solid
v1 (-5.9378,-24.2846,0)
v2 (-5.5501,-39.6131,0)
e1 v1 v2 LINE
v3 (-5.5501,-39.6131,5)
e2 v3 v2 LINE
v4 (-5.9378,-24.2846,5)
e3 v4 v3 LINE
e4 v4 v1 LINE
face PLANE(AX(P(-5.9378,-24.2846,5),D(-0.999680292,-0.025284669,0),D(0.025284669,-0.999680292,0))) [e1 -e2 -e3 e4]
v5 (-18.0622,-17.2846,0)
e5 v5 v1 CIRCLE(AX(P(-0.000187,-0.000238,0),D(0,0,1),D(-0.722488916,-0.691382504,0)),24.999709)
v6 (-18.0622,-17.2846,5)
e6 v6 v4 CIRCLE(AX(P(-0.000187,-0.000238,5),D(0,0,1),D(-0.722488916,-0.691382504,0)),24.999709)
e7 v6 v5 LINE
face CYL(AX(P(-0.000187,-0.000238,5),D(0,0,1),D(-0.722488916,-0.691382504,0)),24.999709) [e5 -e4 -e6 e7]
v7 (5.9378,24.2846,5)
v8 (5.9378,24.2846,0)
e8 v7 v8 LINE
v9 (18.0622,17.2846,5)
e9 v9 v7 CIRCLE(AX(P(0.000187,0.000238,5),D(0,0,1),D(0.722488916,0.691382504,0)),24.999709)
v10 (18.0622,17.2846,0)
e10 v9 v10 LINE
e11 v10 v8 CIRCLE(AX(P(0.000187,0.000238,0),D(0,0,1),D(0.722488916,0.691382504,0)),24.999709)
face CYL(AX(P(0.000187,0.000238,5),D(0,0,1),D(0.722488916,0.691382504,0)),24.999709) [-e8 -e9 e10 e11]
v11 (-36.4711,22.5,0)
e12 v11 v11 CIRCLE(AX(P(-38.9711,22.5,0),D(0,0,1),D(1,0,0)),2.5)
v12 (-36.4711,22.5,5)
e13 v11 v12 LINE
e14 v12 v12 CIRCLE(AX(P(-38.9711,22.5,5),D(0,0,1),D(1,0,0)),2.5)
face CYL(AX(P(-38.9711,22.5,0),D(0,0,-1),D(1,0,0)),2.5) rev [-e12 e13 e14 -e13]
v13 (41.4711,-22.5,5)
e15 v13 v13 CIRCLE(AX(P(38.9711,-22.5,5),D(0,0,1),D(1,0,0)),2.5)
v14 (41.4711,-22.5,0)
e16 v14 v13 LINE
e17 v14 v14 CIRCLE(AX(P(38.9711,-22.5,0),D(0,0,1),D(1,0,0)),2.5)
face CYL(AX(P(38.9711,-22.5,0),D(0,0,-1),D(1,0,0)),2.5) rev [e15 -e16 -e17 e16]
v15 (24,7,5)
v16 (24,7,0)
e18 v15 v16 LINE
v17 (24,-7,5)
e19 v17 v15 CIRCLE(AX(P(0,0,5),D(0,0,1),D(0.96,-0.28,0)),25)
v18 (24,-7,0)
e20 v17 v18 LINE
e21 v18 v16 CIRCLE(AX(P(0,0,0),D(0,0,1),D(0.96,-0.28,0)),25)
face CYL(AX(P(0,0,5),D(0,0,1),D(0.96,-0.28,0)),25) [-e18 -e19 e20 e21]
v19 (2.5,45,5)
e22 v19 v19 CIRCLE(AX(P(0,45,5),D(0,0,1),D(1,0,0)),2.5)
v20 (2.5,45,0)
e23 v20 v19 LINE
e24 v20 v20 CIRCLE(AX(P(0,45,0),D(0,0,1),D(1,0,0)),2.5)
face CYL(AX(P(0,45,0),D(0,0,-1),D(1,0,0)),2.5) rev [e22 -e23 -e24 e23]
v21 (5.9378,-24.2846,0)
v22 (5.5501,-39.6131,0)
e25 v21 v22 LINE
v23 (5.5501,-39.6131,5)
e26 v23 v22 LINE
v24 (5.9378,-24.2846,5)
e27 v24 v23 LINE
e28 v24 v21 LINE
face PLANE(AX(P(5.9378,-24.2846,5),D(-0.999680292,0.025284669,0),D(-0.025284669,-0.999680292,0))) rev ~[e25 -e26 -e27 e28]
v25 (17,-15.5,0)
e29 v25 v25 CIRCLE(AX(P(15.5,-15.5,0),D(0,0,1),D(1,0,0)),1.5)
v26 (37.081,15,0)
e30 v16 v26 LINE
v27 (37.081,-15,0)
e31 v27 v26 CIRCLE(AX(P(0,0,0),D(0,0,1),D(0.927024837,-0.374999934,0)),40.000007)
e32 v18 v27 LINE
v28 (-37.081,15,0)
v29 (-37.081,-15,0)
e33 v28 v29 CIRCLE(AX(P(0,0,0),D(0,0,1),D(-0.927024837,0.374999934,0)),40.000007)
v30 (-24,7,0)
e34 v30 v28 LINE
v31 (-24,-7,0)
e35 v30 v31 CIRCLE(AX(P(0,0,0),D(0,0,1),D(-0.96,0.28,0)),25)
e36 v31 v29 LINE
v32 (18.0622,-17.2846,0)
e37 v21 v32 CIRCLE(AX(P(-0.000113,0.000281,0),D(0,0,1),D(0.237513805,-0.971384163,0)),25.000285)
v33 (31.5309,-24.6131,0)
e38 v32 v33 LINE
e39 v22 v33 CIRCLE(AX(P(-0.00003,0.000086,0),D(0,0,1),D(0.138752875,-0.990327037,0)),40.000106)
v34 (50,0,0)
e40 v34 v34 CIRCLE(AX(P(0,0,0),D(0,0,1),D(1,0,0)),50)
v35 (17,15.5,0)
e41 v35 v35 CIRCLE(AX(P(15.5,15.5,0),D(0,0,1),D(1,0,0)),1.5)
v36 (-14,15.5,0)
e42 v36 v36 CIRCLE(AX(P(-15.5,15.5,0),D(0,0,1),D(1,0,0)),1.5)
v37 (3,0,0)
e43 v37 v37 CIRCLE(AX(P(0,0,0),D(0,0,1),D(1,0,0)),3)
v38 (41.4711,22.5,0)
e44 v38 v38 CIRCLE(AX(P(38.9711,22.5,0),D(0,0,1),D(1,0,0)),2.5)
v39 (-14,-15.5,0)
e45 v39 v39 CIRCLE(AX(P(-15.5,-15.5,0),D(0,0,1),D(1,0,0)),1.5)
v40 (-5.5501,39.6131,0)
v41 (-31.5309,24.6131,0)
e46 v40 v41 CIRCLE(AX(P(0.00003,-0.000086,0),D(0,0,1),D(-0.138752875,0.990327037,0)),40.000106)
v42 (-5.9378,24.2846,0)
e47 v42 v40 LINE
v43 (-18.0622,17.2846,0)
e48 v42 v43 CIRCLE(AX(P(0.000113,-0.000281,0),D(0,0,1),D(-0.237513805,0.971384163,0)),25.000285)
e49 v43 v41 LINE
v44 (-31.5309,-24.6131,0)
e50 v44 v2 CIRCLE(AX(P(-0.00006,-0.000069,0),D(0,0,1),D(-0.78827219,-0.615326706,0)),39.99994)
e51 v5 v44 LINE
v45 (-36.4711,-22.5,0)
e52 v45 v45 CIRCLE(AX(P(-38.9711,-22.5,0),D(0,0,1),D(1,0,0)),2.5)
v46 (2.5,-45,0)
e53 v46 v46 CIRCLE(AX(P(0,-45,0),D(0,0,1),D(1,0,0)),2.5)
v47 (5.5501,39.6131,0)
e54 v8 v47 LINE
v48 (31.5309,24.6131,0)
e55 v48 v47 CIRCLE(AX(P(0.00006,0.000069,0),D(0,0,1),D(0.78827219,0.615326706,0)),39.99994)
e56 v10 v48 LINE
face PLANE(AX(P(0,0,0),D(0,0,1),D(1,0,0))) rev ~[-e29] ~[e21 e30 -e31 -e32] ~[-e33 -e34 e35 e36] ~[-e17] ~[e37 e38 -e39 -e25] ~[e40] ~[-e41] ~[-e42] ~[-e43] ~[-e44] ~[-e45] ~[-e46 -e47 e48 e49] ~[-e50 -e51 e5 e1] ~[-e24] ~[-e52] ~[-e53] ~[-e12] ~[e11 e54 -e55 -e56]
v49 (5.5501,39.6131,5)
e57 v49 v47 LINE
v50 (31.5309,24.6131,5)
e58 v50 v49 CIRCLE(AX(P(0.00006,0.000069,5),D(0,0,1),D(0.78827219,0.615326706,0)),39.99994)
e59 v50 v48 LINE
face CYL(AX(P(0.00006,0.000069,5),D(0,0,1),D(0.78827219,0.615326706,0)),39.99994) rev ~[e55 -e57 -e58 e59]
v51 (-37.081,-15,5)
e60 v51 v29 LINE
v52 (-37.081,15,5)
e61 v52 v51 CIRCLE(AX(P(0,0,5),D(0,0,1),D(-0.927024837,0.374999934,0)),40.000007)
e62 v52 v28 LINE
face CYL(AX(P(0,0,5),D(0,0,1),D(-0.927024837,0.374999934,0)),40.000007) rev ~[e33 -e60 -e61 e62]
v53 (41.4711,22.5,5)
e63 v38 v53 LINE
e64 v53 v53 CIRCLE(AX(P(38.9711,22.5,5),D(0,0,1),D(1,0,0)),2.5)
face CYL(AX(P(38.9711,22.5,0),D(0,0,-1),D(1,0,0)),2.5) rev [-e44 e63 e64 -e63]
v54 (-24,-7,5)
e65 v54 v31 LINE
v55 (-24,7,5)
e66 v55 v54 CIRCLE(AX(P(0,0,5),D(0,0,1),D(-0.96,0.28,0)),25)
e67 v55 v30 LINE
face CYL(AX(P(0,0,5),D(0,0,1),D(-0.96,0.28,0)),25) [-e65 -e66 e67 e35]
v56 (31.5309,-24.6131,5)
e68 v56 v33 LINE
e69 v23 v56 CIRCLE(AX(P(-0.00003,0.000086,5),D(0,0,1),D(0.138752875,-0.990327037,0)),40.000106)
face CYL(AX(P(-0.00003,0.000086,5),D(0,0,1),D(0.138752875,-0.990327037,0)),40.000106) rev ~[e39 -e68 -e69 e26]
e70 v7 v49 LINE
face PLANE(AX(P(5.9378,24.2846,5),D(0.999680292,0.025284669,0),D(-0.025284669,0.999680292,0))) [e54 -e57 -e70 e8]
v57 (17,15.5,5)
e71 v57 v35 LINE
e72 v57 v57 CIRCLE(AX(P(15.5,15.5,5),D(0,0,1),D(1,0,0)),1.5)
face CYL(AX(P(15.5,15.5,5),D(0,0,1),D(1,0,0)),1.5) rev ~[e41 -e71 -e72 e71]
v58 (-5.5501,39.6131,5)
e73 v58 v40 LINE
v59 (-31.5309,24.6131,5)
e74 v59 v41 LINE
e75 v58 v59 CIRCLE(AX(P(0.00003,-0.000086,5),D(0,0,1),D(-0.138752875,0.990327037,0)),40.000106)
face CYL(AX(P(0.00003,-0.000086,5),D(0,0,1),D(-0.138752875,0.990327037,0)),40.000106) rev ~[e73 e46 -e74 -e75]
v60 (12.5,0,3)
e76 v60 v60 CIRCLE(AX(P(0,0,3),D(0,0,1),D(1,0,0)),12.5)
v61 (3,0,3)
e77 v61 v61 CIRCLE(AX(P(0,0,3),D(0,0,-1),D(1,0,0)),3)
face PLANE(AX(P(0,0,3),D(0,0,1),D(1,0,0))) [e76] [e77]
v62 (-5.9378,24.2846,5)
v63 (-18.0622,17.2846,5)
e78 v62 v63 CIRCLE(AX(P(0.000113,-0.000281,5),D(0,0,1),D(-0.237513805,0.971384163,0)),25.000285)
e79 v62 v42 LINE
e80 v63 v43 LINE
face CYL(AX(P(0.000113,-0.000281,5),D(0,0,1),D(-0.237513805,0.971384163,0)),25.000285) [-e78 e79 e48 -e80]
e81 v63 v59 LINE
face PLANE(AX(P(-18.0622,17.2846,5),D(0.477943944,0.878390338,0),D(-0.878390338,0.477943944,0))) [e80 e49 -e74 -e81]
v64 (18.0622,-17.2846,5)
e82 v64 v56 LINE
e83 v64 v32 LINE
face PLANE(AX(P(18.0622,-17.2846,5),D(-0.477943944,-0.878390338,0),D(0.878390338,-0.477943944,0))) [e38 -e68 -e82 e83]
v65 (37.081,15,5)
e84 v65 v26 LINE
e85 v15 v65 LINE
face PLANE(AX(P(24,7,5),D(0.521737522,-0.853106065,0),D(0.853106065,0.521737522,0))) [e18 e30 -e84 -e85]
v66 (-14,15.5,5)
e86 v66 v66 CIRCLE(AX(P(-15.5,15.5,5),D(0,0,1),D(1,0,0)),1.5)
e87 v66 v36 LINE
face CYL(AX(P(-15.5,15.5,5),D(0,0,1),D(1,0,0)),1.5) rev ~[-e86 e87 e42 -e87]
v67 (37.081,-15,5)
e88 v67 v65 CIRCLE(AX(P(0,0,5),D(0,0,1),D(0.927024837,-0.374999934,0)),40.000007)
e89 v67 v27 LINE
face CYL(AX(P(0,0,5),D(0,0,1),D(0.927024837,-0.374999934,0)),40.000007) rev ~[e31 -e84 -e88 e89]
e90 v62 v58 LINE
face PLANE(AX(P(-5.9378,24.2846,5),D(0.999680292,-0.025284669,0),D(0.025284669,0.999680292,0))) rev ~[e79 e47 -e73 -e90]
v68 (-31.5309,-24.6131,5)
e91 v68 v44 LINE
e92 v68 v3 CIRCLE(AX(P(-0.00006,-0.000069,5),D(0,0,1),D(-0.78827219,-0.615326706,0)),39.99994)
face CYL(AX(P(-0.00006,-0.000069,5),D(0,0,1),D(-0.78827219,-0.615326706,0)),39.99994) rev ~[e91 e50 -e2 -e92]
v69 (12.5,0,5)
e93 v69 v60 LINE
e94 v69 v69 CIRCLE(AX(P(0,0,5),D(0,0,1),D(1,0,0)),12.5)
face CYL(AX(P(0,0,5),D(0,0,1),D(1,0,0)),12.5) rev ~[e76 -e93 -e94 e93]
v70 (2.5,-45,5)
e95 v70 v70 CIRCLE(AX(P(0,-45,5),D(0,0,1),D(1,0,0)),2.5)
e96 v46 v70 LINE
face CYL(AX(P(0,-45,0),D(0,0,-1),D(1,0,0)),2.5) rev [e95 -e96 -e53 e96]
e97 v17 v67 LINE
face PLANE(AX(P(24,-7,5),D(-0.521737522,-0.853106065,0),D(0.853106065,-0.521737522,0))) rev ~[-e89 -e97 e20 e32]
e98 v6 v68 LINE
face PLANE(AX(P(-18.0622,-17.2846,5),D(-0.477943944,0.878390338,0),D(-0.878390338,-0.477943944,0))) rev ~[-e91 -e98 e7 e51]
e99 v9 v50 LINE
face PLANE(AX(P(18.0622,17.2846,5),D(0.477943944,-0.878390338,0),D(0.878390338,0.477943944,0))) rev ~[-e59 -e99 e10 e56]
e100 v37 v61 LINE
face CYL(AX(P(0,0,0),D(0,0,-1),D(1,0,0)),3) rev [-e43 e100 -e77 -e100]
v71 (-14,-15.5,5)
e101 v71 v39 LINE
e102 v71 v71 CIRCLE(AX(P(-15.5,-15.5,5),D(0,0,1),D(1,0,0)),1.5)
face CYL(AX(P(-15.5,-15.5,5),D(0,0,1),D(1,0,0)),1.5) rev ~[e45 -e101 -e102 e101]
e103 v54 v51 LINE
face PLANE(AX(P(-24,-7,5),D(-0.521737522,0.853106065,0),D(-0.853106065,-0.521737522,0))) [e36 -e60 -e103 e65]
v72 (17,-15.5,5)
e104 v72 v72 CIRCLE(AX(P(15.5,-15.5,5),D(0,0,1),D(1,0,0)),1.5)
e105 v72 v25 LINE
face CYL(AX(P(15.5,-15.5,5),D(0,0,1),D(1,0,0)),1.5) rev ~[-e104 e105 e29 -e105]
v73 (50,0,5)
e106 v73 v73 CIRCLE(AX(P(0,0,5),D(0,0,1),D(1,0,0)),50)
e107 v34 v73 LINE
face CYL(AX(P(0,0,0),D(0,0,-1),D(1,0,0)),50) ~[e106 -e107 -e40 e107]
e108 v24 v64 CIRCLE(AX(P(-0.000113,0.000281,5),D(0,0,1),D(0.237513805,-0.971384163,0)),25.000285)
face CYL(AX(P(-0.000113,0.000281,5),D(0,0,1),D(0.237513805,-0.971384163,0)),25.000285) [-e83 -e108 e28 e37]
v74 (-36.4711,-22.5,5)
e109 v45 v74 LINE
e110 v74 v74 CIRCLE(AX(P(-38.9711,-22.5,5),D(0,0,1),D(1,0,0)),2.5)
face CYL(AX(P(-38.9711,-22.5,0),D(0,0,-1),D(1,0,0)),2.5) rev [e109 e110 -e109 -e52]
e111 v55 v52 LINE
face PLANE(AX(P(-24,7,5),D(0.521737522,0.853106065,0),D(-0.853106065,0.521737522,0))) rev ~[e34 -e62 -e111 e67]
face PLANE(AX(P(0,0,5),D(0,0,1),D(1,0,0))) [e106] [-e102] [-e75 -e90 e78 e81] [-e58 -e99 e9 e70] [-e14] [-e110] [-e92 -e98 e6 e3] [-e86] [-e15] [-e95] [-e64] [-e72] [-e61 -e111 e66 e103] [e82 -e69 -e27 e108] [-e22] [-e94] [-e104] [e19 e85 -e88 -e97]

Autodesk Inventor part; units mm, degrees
ref_plane "YZ Plane" through (0, 0, 0) normal (1, 0, 0) x (0, 1, 0)
ref_plane "XZ Plane" through (0, 0, 0) normal (0, 1, 0) x (-1, 0, 0)
ref_plane "XY Plane" through (0, 0, 0) normal (0, 0, 1) x (1, 0, 0)
sketch "Sketch1" plane through (0, 0, 0) normal (0, 0, 1) x (1, 0, 0)
  circle A0 centre (0, 0) radius 50
  circle A1 centre (0, 0) radius 3
  circle A2 centre (0, 45) radius 2.5
  circle A3 centre (-38.9711, 22.5) radius 2.5
  circle A4 centre (-38.9711, -22.5) radius 2.5
  circle A5 centre (0, -45) radius 2.5
  circle A6 centre (38.9711, -22.5) radius 2.5
  circle A7 centre (38.9711, 22.5) radius 2.5
  dimension "d0" = 100
  dimension "d1" = 6
  dimension "d2" = 5
  dimension "d3" = 45
  dimension "d6" = 360
extrude "Extrusion1" add sketch "Sketch1" along normal blind 5
sketch "Sketch2" plane through (0, 0, 5) normal (0, 0, 1) x (1, 0, 0)
  circle A0 centre (0, 0) radius 12.5
  dimension "d10" = 25
extrude "Extrusion2" cut sketch "Sketch2" against normal blind 2
sketch "Sketch3" plane through (0, 0, 5) normal (0, 0, 1) x (1, 0, 0)
  circle A0 centre (0, 0) radius 3 projected
  circle A1 centre (0, 0) radius 25 construction
  circle A2 centre (0, 0) radius 40 construction
  line L0 (24, 7) -> (37.081, 15)
  line L1 (24, -7) -> (37.081, -15)
  line L2 (0, 0) -> (57.5693, 0) construction
  arc A3 (24, -7) -> (24, 7) centre (0, 0) ccw
  arc A4 (37.081, -15) -> (37.081, 15) centre (0, 0) ccw
  line L3 (5.9378, 24.2846) -> (5.5501, 39.6131)
  line L4 (18.0622, 17.2846) -> (31.5309, 24.6131)
  circle A5 centre (0, 0) radius 25 construction
  arc A6 (18.0622, 17.2846) -> (5.9378, 24.2846) centre (0, 0) ccw
  circle A7 centre (0, 0) radius 40 construction
  arc A8 (31.5309, 24.6131) -> (5.5501, 39.6131) centre (0, 0) ccw
  line L5 (-18.0622, 17.2846) -> (-31.5309, 24.6131)
  line L6 (-5.9378, 24.2846) -> (-5.5501, 39.6131)
  circle A9 centre (0, 0) radius 25 construction
  arc A10 (-5.9378, 24.2846) -> (-18.0622, 17.2846) centre (0, 0) ccw
  circle A11 centre (0, 0) radius 40 construction
  arc A12 (-5.5501, 39.6131) -> (-31.5309, 24.6131) centre (0, 0) ccw
  line L7 (-24, -7) -> (-37.081, -15)
  line L8 (-24, 7) -> (-37.081, 15)
  circle A13 centre (0, 0) radius 25 construction
  arc A14 (-24, 7) -> (-24, -7) centre (0, 0) ccw
  circle A15 centre (0, 0) radius 40 construction
  arc A16 (-37.081, 15) -> (-37.081, -15) centre (0, 0) ccw
  line L9 (-5.9378, -24.2846) -> (-5.5501, -39.6131)
  line L10 (-18.0622, -17.2846) -> (-31.5309, -24.6131)
  circle A17 centre (0, 0) radius 25 construction
  arc A18 (-18.0622, -17.2846) -> (-5.9378, -24.2846) centre (0, 0) ccw
  circle A19 centre (0, 0) radius 40 construction
  arc A20 (-31.5309, -24.6131) -> (-5.5501, -39.6131) centre (0, 0) ccw
  line L11 (18.0622, -17.2846) -> (31.5309, -24.6131)
  line L12 (5.9378, -24.2846) -> (5.5501, -39.6131)
  circle A21 centre (0, 0) radius 25 construction
  arc A22 (5.9378, -24.2846) -> (18.0622, -17.2846) centre (0, 0) ccw
  circle A23 centre (0, 0) radius 40 construction
  arc A24 (5.5501, -39.6131) -> (31.5309, -24.6131) centre (0, 0) ccw
  dimension "d13" = 50
  dimension "d14" = 80
  dimension "d15" = 15
  dimension "d16" = 7
  dimension "d19" = 360
extrude "Extrusion3" cut sketch "Sketch3" against normal through all contours L0 A4 L1 A3 | L3 A8 L4 A6 | L5 A12 L6 A10 | L7 A16 L8 A14 | L9 A20 L10 A18 | L11 A24 L12 A22
sketch "Sketch5" plane through (0, 0, 5) normal (0, 0, 1) x (1, 0, 0)
  line L0 (-15.5, -15.5) -> (15.5, -15.5) construction
  line L1 (15.5, -15.5) -> (15.5, 15.5) construction
  line L2 (15.5, 15.5) -> (-15.5, 15.5) construction
  line L3 (-15.5, 15.5) -> (-15.5, -15.5) construction
  line L4 (-15.5, -15.5) -> (15.5, 15.5) construction
  line L5 (15.5, -15.5) -> (-15.5, 15.5) construction
  circle A0 centre (-15.5, 15.5) radius 1.5
  circle A1 centre (15.5, 15.5) radius 1.5
  circle A2 centre (15.5, -15.5) radius 1.5
  circle A3 centre (-15.5, -15.5) radius 1.5
  point P0 (0, 0)
  dimension "d23" = 31
  dimension "d24" = 31
  dimension "d25" = 3
  dimension "d26" = 3
  dimension "d27" = 3
  dimension "d28" = 3
extrude "Extrusion4" cut sketch "Sketch5" against normal through all
equation "\"d29\" = d24"
properties part number "MC002" material "ABS Plastic"
